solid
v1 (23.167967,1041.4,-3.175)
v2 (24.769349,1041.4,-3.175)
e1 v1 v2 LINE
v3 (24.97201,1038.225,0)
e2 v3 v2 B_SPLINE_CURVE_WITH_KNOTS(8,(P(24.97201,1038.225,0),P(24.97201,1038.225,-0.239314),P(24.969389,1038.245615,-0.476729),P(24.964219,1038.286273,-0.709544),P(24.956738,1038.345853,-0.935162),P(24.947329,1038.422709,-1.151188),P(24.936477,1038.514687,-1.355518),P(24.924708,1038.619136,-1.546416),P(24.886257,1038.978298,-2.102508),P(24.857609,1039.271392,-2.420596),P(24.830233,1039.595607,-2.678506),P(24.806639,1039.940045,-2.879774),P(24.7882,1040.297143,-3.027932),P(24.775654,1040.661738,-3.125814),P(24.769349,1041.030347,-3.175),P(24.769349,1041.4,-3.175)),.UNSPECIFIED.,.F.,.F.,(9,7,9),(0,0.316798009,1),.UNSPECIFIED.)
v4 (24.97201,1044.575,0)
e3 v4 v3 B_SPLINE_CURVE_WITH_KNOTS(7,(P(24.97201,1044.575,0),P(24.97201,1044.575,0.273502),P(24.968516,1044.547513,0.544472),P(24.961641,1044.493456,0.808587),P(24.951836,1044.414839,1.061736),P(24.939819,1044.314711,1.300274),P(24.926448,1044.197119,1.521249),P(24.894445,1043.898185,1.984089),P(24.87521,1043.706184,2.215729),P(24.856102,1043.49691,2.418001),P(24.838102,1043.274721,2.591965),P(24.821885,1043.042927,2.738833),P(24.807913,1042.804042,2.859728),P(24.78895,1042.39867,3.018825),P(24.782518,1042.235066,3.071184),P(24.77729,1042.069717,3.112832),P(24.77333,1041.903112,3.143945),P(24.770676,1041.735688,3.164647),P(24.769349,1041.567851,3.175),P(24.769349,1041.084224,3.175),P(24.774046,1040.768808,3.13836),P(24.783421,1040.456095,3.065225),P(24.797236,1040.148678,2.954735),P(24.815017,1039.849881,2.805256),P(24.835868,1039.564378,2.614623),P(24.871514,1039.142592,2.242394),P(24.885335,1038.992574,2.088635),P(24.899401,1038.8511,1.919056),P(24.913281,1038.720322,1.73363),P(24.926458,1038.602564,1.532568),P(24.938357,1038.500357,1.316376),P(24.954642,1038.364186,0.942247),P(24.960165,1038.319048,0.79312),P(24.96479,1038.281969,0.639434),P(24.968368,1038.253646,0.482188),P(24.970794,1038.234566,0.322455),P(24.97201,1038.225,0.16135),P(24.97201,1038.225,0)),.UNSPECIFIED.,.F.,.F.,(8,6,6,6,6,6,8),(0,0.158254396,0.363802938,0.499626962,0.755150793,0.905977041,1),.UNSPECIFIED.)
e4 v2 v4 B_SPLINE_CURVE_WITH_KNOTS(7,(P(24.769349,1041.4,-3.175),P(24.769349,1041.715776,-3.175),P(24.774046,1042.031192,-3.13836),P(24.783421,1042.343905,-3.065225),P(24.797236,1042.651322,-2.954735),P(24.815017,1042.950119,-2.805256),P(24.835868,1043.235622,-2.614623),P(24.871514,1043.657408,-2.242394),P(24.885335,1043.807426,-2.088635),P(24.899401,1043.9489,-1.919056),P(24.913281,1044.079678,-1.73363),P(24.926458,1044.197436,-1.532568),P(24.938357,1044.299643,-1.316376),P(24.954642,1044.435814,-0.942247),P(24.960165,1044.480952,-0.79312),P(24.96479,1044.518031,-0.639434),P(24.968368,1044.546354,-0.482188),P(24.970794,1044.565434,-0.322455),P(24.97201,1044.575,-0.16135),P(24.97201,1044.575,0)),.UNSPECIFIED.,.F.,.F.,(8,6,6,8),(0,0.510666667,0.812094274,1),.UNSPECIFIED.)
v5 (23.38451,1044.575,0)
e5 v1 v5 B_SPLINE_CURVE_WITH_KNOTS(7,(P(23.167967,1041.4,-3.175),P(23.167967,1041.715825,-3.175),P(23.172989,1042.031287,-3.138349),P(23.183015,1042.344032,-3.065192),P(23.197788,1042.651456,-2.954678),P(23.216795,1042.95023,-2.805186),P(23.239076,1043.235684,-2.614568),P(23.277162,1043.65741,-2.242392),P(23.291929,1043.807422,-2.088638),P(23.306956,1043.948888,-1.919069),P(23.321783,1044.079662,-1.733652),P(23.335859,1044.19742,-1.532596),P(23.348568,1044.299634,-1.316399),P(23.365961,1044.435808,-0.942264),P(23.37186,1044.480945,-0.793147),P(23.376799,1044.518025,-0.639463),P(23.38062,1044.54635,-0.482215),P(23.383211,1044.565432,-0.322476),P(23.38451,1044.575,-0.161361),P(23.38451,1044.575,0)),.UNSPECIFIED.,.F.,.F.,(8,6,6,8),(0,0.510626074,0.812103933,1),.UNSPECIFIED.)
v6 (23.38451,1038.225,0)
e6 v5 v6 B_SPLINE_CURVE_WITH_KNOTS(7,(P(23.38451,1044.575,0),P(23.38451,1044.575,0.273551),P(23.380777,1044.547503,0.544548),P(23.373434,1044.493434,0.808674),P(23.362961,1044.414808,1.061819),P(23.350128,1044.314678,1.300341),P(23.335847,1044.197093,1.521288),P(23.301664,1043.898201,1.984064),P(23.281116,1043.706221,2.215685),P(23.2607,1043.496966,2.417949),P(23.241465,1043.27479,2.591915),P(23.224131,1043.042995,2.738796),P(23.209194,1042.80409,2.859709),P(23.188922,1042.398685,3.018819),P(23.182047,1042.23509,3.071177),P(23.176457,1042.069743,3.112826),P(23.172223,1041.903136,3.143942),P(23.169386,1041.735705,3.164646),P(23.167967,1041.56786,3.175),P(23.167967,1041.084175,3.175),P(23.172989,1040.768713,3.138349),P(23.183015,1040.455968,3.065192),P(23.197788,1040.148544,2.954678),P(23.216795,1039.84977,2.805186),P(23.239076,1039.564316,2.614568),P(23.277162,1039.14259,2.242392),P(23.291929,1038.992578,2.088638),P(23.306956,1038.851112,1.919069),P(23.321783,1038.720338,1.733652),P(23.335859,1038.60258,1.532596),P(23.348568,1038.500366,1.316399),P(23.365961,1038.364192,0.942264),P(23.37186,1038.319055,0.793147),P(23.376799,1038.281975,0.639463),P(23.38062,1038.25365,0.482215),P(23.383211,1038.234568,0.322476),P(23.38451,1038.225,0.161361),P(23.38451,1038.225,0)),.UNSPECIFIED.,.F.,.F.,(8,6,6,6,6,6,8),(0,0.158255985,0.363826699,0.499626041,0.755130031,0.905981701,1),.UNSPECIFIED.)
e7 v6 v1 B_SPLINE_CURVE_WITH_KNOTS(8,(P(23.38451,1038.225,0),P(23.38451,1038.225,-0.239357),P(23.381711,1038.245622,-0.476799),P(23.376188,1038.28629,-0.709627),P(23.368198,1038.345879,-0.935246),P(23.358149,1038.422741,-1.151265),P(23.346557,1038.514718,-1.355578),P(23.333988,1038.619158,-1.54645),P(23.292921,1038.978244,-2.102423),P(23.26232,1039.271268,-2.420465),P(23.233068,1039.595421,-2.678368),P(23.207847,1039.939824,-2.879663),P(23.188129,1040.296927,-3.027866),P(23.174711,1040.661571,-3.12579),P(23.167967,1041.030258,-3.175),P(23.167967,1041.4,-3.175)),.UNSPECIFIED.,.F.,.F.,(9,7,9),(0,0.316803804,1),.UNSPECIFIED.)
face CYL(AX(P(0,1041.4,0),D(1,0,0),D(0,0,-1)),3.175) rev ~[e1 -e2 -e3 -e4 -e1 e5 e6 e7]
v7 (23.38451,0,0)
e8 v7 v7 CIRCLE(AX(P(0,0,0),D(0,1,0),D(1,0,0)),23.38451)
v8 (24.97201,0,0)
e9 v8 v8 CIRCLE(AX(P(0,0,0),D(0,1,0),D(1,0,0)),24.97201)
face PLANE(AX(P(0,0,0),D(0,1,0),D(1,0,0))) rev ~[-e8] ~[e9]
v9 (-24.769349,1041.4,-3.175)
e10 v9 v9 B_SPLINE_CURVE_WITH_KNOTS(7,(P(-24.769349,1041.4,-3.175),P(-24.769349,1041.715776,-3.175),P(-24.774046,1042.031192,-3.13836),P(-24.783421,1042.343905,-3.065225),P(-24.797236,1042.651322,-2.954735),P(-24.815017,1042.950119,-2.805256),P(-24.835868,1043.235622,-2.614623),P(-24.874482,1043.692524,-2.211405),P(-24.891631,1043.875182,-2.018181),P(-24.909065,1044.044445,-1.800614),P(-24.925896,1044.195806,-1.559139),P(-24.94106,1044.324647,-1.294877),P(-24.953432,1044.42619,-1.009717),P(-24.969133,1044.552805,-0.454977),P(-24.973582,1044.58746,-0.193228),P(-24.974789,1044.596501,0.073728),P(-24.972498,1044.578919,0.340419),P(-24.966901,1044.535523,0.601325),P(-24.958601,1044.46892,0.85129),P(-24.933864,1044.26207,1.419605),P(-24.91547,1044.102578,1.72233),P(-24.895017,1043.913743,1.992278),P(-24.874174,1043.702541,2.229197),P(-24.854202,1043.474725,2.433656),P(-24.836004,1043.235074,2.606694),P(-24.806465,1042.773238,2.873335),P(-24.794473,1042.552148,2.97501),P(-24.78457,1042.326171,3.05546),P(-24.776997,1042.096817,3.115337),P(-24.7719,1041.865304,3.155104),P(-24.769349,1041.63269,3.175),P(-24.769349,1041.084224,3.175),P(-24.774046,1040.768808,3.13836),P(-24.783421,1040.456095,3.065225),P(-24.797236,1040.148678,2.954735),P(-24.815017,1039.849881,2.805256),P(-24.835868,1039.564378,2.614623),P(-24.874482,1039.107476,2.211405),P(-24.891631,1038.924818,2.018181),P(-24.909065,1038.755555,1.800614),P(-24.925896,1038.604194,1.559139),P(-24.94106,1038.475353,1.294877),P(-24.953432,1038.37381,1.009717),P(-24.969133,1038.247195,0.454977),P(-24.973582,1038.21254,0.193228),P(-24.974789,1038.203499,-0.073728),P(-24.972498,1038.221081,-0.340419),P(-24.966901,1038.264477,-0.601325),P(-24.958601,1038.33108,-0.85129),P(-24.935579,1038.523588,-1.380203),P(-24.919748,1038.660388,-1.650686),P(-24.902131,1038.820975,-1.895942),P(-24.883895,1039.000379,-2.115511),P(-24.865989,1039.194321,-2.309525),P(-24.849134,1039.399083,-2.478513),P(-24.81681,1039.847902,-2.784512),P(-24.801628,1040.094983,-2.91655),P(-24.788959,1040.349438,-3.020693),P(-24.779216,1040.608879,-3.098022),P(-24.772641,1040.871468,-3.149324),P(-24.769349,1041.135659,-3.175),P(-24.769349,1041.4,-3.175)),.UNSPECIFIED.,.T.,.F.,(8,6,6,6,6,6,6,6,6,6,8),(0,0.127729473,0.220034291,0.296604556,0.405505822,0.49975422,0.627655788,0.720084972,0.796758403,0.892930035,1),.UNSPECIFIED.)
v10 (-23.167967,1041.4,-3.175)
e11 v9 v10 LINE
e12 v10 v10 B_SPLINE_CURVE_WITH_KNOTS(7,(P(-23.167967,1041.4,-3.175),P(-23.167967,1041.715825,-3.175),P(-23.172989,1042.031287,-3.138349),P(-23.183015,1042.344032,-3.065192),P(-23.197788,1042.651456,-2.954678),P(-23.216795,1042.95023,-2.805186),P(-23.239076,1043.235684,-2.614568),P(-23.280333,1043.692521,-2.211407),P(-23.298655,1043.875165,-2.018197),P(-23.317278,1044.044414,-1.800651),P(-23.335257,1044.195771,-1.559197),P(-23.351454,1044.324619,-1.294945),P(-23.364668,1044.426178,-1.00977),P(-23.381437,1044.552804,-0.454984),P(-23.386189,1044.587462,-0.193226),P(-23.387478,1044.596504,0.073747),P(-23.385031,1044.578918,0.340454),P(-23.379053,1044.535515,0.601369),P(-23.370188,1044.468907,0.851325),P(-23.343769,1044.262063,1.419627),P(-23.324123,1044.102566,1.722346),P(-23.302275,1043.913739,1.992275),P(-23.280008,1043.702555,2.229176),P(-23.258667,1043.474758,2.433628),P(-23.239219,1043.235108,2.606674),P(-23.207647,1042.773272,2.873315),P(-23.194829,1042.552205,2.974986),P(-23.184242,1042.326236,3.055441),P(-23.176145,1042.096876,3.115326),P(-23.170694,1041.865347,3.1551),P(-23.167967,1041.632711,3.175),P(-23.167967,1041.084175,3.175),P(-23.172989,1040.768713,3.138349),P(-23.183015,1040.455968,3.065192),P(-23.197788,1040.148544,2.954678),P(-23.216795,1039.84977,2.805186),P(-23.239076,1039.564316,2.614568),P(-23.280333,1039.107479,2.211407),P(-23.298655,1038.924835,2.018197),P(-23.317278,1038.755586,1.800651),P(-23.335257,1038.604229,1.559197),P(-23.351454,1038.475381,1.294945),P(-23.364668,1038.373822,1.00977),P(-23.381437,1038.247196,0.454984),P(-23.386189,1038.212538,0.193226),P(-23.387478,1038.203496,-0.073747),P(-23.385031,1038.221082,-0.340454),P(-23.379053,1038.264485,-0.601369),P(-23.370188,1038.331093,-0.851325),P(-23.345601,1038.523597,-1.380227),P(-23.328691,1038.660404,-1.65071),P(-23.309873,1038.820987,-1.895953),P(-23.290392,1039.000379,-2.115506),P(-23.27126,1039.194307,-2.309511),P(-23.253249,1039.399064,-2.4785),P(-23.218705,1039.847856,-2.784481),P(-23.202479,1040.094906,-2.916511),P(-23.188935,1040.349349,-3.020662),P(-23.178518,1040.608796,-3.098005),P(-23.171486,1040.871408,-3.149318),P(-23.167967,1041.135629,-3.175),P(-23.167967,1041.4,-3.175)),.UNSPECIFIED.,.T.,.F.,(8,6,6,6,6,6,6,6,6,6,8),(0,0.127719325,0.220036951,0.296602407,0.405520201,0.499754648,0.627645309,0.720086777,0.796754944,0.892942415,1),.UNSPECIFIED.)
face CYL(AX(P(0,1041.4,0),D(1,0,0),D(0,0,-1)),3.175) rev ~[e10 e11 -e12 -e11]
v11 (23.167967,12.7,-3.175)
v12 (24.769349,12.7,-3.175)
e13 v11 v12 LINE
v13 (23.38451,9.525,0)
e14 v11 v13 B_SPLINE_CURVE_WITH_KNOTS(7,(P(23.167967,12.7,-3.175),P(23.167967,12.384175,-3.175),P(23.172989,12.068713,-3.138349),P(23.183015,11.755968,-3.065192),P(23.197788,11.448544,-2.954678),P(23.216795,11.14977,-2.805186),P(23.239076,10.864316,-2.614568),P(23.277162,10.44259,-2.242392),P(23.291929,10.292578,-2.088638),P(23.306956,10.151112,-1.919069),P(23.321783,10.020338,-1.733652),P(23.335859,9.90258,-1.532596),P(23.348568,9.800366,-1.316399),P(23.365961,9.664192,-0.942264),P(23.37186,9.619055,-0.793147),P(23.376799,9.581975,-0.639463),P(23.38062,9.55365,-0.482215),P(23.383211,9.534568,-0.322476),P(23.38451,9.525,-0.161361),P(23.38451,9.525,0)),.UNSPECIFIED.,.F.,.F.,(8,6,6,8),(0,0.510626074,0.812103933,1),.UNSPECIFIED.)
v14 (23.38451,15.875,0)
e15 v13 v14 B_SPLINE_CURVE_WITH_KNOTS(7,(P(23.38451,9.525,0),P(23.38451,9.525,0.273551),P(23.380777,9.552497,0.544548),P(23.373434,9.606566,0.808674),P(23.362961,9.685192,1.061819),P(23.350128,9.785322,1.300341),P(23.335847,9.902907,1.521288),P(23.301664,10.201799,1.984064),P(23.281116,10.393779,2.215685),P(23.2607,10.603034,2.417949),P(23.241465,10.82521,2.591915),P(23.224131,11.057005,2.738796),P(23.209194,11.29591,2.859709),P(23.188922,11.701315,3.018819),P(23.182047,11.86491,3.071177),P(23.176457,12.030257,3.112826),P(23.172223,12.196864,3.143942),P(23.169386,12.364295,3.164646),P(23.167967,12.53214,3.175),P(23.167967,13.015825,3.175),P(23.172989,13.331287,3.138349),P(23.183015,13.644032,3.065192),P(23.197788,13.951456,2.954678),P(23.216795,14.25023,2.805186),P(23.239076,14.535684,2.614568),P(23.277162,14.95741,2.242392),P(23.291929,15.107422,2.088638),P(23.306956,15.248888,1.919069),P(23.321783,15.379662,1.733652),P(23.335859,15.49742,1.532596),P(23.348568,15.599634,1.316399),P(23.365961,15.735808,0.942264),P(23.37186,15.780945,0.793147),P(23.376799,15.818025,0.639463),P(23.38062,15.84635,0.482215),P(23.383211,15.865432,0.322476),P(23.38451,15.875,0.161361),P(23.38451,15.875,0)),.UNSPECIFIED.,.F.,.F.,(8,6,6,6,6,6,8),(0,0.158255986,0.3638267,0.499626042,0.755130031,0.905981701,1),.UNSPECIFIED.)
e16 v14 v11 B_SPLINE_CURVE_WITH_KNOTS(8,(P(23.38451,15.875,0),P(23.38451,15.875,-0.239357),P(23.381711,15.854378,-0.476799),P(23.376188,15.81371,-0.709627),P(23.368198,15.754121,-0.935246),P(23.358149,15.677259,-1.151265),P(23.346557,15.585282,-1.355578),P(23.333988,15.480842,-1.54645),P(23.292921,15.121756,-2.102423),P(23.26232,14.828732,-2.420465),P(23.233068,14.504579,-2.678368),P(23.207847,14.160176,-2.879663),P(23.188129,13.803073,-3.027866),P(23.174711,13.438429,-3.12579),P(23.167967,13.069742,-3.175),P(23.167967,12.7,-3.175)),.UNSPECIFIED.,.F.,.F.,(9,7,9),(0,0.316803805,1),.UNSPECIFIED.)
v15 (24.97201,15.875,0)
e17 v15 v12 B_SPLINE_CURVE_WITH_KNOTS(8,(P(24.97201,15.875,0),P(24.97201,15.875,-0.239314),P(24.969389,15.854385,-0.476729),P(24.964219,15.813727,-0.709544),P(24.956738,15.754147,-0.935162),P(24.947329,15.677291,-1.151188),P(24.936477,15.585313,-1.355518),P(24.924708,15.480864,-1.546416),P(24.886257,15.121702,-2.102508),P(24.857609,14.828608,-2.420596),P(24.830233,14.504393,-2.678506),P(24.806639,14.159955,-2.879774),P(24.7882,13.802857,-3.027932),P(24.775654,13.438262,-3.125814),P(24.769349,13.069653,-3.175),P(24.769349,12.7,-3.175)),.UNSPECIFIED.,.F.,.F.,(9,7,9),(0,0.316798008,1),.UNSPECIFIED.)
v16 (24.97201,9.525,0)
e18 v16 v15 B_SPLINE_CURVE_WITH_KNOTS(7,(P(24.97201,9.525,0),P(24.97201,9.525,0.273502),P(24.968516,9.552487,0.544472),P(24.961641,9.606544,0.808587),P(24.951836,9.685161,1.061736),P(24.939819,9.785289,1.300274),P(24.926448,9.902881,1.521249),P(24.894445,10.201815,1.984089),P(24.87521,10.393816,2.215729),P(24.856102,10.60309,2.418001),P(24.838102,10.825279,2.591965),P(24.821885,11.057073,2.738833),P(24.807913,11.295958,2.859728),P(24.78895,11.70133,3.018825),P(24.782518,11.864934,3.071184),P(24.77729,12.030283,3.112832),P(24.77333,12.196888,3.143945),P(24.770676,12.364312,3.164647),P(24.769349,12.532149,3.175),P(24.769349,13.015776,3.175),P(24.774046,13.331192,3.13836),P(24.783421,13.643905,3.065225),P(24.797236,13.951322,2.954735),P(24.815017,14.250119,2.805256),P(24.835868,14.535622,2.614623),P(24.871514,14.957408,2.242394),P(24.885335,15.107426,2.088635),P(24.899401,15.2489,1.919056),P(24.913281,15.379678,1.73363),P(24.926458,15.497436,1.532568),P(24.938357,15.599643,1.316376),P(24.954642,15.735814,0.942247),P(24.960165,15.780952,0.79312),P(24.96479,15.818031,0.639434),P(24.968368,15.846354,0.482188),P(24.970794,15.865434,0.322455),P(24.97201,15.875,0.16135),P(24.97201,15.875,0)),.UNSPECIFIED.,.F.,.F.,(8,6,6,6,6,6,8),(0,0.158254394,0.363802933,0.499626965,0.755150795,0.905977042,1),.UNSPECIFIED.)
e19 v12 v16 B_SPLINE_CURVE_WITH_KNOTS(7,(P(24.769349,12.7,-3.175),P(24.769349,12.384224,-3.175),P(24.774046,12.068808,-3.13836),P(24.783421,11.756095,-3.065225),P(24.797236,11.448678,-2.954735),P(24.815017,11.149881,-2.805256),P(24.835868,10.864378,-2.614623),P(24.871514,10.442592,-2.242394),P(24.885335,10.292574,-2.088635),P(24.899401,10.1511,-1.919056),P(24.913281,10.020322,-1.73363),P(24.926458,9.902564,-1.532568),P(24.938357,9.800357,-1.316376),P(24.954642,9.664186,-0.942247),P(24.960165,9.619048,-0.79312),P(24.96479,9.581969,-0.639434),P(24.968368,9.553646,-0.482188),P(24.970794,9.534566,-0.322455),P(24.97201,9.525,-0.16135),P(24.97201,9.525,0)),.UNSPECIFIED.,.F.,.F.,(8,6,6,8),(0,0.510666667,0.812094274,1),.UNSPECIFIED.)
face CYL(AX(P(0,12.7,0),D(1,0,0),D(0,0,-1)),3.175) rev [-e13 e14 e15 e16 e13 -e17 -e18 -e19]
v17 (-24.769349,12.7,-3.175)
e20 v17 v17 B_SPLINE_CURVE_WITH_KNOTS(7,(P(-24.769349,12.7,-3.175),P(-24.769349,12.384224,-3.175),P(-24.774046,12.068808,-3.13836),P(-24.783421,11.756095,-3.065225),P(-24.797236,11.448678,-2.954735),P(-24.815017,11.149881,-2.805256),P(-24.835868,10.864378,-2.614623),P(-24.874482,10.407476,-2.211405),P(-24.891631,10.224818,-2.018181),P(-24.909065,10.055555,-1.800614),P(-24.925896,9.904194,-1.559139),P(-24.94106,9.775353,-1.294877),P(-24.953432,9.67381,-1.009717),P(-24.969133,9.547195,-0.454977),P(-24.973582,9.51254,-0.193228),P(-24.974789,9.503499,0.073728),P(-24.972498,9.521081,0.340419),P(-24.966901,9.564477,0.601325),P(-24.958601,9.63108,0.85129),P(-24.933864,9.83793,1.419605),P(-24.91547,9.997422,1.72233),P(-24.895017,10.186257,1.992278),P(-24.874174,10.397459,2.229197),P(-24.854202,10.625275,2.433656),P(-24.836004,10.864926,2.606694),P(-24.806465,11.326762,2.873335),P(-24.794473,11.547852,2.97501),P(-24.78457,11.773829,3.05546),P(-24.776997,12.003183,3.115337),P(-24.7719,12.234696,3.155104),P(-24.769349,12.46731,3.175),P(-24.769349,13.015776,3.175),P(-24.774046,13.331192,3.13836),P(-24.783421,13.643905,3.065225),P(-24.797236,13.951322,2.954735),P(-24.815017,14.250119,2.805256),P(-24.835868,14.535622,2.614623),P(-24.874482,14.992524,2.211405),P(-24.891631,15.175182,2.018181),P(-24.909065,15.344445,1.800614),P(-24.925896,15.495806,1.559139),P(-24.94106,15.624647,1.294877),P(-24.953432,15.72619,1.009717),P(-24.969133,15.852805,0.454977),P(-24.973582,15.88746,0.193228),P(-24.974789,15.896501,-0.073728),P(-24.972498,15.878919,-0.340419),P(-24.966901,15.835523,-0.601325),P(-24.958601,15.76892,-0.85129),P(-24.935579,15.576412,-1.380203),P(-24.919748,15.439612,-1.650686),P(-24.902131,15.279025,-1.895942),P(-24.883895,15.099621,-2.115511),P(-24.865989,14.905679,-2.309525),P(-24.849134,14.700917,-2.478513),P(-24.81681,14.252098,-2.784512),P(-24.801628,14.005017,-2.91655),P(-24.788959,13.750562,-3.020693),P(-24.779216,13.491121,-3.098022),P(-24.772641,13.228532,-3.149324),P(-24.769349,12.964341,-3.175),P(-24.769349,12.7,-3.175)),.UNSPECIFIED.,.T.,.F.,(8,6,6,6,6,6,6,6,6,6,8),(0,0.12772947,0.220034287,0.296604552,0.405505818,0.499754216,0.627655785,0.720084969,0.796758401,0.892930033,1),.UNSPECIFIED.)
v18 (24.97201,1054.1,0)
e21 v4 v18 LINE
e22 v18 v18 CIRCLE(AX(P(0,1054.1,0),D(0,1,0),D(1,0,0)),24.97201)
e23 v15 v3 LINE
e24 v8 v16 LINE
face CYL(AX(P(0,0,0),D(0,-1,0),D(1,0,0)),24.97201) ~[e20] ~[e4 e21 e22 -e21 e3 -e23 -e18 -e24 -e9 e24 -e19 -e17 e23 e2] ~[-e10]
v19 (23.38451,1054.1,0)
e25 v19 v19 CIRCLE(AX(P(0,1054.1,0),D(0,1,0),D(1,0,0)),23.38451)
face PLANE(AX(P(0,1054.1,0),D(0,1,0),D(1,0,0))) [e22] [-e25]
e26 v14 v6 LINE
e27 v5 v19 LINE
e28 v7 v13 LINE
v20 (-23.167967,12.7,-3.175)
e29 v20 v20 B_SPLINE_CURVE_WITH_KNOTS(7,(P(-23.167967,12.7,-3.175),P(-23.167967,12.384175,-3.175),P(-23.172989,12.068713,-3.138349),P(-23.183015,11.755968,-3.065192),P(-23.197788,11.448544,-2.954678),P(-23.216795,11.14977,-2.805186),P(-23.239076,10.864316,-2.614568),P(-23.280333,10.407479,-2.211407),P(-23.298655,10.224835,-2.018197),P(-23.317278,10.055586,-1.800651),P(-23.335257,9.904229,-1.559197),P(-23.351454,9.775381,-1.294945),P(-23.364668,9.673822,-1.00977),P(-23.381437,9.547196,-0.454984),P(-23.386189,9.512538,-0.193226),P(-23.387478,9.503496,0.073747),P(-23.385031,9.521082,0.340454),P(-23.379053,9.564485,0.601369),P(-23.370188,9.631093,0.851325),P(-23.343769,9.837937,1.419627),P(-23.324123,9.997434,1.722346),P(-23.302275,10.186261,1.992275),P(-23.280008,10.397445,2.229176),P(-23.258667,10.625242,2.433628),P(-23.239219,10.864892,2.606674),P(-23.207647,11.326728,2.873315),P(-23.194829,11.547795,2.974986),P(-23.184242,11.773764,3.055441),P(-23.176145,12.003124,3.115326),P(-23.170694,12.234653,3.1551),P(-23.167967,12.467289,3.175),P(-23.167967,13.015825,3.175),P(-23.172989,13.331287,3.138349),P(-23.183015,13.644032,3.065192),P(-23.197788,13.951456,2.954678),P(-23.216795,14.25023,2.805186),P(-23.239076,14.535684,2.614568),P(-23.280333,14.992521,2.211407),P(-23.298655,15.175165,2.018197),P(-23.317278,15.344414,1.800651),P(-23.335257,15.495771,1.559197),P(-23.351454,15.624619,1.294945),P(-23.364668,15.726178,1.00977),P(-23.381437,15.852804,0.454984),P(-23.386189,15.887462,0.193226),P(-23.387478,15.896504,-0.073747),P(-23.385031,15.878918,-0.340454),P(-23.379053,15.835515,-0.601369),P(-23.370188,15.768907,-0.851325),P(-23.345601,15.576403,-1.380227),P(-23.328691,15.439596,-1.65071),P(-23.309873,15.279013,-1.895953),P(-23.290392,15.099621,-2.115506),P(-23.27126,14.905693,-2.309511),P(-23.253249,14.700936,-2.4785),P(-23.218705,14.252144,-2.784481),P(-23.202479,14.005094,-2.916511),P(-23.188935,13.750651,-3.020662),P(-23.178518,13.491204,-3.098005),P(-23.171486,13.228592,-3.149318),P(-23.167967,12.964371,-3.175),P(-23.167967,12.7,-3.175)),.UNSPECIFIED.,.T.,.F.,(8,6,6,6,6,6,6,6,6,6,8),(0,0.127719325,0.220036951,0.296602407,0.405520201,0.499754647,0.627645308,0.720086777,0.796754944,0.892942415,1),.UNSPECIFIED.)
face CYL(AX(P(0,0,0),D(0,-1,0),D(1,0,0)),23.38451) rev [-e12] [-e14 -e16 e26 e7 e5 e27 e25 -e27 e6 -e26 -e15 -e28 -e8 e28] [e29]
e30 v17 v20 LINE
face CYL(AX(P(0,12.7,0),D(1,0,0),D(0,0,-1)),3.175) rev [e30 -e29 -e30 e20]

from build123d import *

# Parameters (mm, degrees)
SKETCH2_R           = 24.97201
SKETCH2_R_2         = 23.38451
EXTRUDE_THIN1_DEPTH = 1054.1
SKETCH4_R           = 3.175
CUT_EXTRUDE1_DEPTH  = 25.97201


with BuildPart() as part:
    # Sketch2 → Extrude-Thin1 (new body)
    with BuildSketch(Plane(origin=(0, 0, 0), x_dir=(1, 0, 0), z_dir=(0, 1, 0))):
        Circle(SKETCH2_R)
        Circle(SKETCH2_R_2, mode=Mode.SUBTRACT)
    extrude(amount=EXTRUDE_THIN1_DEPTH)

    # Sketch4 → Cut-Extrude1 (cut, symmetric)
    with BuildSketch(Plane(origin=(0, 0, 0), x_dir=(0, 0, -1), z_dir=(1, 0, 0))):
        with Locations((0, 1041.4)):
            Circle(SKETCH4_R)
    cut_extrude1 = extrude(amount=CUT_EXTRUDE1_DEPTH, both=True, mode=Mode.SUBTRACT)

    # Mirror1: Cut-Extrude1 across plane
    add(cut_extrude1.mirror(Plane.ZX.offset(527.05)), mode=Mode.SUBTRACT)


solid = part.part
